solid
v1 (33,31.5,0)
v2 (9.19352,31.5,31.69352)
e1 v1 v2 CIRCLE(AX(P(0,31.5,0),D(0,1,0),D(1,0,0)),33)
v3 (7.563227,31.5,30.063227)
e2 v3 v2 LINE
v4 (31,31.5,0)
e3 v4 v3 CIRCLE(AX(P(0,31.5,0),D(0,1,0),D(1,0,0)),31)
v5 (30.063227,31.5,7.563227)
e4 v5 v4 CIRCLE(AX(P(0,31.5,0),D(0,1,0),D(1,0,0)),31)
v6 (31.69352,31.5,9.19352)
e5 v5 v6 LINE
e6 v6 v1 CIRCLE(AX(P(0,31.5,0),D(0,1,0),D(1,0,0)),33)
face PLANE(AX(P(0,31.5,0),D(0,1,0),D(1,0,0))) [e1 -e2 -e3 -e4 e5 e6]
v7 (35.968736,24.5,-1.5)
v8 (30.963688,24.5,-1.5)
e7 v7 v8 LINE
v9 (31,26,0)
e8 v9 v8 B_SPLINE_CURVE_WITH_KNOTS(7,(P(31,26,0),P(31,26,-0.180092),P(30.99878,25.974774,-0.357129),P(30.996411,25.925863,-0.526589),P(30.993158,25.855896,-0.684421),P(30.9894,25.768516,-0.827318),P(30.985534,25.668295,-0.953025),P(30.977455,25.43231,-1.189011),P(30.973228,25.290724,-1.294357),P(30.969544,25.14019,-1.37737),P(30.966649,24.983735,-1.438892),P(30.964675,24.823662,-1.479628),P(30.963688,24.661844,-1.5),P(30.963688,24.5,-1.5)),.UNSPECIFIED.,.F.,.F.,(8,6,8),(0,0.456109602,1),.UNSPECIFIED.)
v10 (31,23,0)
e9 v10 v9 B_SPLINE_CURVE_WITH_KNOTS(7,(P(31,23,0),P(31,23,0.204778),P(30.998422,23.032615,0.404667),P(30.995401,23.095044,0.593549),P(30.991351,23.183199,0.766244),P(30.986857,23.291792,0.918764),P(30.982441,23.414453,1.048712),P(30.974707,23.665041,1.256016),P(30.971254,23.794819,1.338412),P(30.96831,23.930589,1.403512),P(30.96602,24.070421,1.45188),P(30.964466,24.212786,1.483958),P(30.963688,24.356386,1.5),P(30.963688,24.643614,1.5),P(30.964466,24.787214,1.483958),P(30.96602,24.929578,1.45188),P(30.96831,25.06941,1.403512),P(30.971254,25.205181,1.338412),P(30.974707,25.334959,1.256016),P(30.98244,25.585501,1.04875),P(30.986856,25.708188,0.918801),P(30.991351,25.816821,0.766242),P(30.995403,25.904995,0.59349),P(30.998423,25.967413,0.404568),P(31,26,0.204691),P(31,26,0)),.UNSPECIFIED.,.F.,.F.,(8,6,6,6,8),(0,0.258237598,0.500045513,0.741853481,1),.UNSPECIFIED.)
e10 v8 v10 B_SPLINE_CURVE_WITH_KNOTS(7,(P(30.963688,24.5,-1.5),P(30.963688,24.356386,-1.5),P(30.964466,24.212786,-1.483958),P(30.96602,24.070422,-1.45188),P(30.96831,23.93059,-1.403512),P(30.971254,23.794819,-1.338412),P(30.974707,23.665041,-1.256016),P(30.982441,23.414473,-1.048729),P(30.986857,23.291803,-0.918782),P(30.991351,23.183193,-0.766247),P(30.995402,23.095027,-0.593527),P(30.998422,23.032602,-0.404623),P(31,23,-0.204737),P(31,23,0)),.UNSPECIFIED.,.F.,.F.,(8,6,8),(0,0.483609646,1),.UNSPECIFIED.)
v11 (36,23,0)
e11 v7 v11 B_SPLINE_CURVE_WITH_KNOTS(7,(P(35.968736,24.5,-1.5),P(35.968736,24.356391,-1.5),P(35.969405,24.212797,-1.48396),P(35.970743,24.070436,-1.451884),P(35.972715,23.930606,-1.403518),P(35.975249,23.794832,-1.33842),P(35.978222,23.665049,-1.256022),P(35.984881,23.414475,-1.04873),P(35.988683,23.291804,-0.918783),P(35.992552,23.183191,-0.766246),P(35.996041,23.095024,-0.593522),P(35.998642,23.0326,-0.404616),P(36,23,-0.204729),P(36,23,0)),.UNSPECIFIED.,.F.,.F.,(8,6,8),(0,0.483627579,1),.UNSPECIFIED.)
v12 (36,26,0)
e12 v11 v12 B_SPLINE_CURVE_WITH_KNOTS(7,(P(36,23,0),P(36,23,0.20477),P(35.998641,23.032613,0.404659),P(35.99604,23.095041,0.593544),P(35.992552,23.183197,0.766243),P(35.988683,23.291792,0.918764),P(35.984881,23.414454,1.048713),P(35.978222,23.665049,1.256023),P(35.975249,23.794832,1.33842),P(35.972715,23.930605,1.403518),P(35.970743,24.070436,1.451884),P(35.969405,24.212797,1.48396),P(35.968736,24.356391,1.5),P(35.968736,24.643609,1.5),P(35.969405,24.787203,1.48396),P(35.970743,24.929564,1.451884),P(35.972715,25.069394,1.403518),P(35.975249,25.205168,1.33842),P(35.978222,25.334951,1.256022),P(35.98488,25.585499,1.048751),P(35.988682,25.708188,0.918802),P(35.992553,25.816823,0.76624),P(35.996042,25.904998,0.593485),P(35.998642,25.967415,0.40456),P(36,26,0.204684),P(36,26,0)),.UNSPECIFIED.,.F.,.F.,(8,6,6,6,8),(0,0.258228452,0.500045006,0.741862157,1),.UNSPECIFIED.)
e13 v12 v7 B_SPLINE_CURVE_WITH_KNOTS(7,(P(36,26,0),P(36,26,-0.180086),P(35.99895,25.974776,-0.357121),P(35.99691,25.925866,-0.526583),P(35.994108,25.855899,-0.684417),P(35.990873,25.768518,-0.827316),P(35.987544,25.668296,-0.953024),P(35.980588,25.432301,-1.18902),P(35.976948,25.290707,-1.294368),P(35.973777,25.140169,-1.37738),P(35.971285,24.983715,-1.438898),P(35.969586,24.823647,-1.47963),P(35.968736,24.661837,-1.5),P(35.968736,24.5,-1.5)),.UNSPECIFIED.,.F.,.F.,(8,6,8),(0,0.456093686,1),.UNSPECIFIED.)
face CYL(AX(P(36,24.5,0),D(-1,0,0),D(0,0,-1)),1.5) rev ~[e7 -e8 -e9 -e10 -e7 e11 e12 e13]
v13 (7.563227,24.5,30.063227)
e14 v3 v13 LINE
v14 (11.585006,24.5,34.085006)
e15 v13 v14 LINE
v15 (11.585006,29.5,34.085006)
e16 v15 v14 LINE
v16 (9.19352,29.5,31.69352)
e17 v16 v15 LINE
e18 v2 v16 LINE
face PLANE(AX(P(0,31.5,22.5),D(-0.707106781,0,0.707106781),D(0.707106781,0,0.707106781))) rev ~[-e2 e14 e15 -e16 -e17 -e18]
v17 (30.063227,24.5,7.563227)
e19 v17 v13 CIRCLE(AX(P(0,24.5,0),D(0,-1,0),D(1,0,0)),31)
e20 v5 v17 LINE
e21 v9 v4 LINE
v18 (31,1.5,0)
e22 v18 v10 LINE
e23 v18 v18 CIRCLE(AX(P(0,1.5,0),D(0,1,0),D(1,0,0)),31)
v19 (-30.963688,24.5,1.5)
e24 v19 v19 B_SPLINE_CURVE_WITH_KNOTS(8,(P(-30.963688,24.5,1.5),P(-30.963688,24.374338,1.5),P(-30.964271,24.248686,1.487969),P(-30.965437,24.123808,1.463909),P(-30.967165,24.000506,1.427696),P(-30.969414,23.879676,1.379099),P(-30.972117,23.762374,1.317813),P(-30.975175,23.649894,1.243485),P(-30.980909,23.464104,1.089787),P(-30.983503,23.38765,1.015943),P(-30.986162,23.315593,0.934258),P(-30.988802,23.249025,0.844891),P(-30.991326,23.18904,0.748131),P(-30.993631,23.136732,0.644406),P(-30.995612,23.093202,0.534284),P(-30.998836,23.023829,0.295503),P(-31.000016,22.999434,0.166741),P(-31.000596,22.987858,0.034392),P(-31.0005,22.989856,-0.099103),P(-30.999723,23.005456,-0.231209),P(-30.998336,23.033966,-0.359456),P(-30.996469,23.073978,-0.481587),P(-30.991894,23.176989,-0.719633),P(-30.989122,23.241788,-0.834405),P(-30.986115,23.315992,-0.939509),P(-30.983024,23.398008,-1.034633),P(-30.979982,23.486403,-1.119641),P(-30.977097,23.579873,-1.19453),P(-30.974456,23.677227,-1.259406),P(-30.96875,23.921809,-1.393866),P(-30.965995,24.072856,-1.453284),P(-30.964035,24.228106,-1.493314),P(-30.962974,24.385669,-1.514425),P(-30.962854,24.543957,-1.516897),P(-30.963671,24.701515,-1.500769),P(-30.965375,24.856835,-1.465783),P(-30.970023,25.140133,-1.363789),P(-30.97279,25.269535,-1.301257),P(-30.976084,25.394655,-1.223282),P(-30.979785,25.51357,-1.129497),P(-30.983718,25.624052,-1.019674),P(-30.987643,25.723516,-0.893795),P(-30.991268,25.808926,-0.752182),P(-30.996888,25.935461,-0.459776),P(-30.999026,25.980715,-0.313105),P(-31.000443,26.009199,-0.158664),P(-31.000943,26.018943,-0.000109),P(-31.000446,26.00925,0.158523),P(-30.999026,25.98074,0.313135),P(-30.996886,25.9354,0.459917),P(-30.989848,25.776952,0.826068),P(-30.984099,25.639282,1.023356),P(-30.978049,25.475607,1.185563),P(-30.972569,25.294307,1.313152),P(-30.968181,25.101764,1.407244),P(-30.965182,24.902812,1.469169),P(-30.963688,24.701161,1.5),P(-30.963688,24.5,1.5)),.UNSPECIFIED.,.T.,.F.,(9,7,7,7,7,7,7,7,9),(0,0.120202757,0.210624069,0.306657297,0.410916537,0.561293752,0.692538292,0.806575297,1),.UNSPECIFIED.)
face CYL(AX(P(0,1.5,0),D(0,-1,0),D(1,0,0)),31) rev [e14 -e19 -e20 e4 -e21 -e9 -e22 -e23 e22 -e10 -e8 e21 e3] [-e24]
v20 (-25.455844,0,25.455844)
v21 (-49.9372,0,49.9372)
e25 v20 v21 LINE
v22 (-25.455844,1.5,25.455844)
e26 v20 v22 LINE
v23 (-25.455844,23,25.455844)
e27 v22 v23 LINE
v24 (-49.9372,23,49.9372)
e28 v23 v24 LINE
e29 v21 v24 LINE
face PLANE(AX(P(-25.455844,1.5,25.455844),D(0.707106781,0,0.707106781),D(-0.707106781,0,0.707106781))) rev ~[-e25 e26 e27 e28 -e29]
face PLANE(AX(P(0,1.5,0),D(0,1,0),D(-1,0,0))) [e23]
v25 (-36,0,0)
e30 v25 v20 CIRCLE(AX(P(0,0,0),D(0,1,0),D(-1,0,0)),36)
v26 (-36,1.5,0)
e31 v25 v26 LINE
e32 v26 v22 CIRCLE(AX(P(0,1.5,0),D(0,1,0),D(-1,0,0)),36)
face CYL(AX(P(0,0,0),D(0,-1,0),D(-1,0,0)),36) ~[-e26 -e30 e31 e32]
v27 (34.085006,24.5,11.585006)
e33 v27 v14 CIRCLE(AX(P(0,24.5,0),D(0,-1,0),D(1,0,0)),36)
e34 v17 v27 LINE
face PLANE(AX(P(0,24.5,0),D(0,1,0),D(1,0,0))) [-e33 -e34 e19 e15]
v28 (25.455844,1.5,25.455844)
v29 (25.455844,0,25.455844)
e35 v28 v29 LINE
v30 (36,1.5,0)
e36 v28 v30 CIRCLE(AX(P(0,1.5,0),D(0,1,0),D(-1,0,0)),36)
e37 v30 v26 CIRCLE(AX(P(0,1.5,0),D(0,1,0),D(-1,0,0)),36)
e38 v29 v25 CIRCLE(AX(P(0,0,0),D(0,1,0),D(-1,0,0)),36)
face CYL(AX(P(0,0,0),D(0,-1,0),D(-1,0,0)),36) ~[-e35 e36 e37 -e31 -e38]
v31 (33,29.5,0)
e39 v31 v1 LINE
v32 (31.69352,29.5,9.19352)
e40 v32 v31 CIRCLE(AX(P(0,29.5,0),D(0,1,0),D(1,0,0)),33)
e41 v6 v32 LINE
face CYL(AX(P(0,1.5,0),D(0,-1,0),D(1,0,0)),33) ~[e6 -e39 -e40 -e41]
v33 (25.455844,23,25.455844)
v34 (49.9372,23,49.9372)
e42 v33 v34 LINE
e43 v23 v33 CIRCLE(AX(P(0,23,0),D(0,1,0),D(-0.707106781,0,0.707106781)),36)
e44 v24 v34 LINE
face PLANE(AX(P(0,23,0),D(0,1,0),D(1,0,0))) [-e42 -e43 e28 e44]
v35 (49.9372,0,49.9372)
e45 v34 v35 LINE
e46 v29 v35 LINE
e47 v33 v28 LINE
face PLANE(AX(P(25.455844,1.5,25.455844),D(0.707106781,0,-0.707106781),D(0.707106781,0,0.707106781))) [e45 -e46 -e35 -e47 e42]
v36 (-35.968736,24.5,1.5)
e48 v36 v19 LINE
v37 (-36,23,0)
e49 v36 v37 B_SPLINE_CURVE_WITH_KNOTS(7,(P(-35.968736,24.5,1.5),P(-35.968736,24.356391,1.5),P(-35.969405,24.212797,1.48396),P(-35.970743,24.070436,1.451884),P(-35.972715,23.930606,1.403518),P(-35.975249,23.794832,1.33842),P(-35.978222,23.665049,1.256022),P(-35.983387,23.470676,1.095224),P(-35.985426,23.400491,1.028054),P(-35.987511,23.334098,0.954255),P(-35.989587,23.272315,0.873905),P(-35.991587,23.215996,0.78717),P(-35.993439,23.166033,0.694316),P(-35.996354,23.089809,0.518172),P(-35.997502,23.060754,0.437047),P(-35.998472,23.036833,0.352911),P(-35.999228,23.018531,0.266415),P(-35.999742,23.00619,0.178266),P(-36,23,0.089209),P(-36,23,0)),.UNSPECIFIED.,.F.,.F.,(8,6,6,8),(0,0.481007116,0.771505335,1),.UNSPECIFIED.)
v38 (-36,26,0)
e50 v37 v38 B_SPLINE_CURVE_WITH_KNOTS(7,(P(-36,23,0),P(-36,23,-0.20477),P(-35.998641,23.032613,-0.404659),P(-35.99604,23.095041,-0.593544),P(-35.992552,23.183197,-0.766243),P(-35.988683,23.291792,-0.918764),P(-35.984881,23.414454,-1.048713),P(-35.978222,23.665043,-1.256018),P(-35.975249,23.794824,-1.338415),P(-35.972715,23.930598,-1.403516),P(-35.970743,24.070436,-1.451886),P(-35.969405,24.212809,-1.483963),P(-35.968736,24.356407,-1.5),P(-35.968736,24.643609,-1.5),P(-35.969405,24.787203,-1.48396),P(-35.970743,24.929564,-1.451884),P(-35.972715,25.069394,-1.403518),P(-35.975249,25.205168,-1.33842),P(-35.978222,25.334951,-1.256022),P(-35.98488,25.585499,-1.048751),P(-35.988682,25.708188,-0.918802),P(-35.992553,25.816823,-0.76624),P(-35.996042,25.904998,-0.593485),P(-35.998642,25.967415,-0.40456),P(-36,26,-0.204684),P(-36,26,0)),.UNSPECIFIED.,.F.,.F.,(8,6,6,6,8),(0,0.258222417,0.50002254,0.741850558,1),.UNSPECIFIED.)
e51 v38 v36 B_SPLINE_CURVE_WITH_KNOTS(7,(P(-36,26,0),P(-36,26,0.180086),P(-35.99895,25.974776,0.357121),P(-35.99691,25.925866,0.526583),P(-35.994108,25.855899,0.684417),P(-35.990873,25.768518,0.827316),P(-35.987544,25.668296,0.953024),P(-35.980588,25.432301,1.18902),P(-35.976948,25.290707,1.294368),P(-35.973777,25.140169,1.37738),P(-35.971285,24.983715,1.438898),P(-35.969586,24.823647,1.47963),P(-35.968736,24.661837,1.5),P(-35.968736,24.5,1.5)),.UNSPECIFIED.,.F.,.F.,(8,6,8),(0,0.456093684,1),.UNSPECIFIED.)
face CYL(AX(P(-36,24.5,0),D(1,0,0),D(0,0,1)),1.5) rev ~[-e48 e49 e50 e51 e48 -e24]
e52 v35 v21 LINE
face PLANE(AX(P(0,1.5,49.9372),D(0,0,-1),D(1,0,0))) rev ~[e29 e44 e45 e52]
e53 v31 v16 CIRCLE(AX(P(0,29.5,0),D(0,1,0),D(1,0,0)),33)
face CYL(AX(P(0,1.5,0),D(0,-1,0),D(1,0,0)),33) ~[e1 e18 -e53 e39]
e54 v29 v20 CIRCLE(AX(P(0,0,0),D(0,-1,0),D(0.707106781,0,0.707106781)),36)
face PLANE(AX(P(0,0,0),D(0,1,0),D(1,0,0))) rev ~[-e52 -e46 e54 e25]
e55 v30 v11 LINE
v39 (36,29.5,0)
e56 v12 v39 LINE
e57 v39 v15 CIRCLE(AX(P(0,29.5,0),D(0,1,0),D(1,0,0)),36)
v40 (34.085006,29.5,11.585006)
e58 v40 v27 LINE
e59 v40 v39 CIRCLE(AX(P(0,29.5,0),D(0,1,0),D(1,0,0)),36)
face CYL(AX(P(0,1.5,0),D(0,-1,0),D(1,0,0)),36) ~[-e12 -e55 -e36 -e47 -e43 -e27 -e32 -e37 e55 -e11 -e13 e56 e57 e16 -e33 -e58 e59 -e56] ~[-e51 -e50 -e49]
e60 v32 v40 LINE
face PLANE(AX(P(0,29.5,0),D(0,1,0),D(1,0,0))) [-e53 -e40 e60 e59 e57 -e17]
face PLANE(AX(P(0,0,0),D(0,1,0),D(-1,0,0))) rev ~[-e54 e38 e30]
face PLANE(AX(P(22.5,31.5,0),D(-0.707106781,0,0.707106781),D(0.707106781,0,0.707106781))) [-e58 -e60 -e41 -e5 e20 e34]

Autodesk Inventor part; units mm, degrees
ref_plane "XZ Plane" through (0, 0, 0) normal (0, 1, 0) x (-1, 0, 0)
ref_plane "XY Plane" through (0, 0, 0) normal (0, 0, 1) x (1, 0, 0)
sketch "Sketch1" plane through (0, 0, 0) normal (0, 1, 0) x (-1, 0, 0)
  circle A0 centre (0, 0) radius 36
  dimension "d0" = 72
extrude "Extrusion1" add sketch "Sketch1" along normal blind 1.5
sketch "Sketch2" plane through (0, 1.5, 0) normal (0, 1, 0) x (1, 0, 0)
  circle A0 centre (0, 0) radius 36 projected
  circle A1 centre (0, 0) radius 33
  circle A2 centre (0, 0) radius 31
  dimension "d3" = 3
  dimension "d4" = 2
  dimension "d23" = 72
  dimension "d24" = 66
  dimension "d25" = 62
extrude "Extrusion2" add sketch "Sketch2" along normal blind 30 contours A1
sketch "Sketch3" plane through (0, 1.5, 0) normal (0, 1, 0) x (1, 0, 0)
  circle A0 centre (0, 0) radius 36 projected
  circle A1 centre (0, 0) radius 33 projected
  dimension "d51" = 72
  dimension "d52" = 66
extrude "Extrusion3" add sketch "Sketch3" along normal blind 28
sketch "Sketch5" plane through (0, 31.5, 0) normal (0, 1, 0) x (1, 0, 0)
  circle A0 centre (0, 0) radius 22.5
  line L0 (-22.5, 0) -> (7.2195, 0) construction
  line L1 (0, -22.5) -> (23.761, -22.5) construction
  line L2 (22.5, 0) -> (0, -22.5)
  line L3 (0, -22.5) -> (19.2037, -41.7037)
  line L4 (0, -22.5) -> (27.1581, -22.5) construction
  line L5 (22.5, 0) -> (46.5776, -24.0776)
  line L6 (22.5, 0) -> (56.5508, 0) construction
  line L7 (46.5776, -24.0776) -> (19.2037, -41.7037)
  dimension "d13" = 45
  dimension "d18" = 45
  dimension "d19" = 45
extrude "Extrusion4" cut sketch "Sketch5" against normal blind 7 contours L5 L7 L3 A0 | A0 L2 picked at (12.1762, -13.3637)
ref_plane "Work Plane1" through (-36, 0, 0) normal (1, 0, 0) x (0, 1, 0)
sketch "Sketch7" plane through (-36, 0, 0) normal (1, 0, 0) x (0, 1, 0)
  circle A0 centre (24.5, 0) radius 1.5
  line L0 (29.5, -36) -> (29.5, 36) projected
  point P0 (0, 0)
  point P1 (29.5, 11.585)
  point P2 (29.5, 34.085)
  dimension "d26" = 3
  dimension "d27" = 5
hole "Hole1" at (-36, 24.5, 0) direction (1, 0, 0) diameter 3 depth 8 tip angle 118
ref_plane "Work Plane2" through (36, 0, 0) normal (1, 0, 0) x (0, 1, 0)
sketch "Sketch8" plane through (36, 0, 0) normal (1, 0, 0) x (0, 1, 0)
  circle A0 centre (24.5, 0) radius 1.5
  line L0 (29.5, -36) -> (29.5, 36) projected
  point P0 (0, 0)
  point P1 (29.5, 11.585)
  point P2 (29.5, 34.085)
  dimension "d42" = 3
  dimension "d43" = 5
hole "Hole2" at (36, 24.5, 0) direction (-1, 0, 0) diameter 3 depth 8 tip angle 118
sketch "Sketch10" plane through (0, 1.5, 0) normal (0, 1, 0) x (1, 0, 0)
  line L0 (0, 0) -> (0, -50)
  line L1 (0, 0) -> (49.9372, -49.9372)
  line L2 (0, 0) -> (70.6219, 0) construction
  line L3 (0, 0) -> (-49.9372, -49.9372)
  line L4 (0, 0) -> (70.6219, 0) construction
  circle A0 centre (0, 0) radius 36 projected
  line L5 (-49.9372, -49.9372) -> (49.9372, -49.9372)
  point P0 (-25.4558, -25.4558)
  point P1 (25.4558, -25.4558)
  dimension "d44" = 50
  dimension "d45" = 45
  dimension "d46" = 135
extrude "Extrusion5" add sketch "Sketch10" along normal blind 21.5 and the other way blind 1.5 contours A0 L1 L5 L0 | L0 L5 L3 A0
properties part number "clock_case_bottom"
